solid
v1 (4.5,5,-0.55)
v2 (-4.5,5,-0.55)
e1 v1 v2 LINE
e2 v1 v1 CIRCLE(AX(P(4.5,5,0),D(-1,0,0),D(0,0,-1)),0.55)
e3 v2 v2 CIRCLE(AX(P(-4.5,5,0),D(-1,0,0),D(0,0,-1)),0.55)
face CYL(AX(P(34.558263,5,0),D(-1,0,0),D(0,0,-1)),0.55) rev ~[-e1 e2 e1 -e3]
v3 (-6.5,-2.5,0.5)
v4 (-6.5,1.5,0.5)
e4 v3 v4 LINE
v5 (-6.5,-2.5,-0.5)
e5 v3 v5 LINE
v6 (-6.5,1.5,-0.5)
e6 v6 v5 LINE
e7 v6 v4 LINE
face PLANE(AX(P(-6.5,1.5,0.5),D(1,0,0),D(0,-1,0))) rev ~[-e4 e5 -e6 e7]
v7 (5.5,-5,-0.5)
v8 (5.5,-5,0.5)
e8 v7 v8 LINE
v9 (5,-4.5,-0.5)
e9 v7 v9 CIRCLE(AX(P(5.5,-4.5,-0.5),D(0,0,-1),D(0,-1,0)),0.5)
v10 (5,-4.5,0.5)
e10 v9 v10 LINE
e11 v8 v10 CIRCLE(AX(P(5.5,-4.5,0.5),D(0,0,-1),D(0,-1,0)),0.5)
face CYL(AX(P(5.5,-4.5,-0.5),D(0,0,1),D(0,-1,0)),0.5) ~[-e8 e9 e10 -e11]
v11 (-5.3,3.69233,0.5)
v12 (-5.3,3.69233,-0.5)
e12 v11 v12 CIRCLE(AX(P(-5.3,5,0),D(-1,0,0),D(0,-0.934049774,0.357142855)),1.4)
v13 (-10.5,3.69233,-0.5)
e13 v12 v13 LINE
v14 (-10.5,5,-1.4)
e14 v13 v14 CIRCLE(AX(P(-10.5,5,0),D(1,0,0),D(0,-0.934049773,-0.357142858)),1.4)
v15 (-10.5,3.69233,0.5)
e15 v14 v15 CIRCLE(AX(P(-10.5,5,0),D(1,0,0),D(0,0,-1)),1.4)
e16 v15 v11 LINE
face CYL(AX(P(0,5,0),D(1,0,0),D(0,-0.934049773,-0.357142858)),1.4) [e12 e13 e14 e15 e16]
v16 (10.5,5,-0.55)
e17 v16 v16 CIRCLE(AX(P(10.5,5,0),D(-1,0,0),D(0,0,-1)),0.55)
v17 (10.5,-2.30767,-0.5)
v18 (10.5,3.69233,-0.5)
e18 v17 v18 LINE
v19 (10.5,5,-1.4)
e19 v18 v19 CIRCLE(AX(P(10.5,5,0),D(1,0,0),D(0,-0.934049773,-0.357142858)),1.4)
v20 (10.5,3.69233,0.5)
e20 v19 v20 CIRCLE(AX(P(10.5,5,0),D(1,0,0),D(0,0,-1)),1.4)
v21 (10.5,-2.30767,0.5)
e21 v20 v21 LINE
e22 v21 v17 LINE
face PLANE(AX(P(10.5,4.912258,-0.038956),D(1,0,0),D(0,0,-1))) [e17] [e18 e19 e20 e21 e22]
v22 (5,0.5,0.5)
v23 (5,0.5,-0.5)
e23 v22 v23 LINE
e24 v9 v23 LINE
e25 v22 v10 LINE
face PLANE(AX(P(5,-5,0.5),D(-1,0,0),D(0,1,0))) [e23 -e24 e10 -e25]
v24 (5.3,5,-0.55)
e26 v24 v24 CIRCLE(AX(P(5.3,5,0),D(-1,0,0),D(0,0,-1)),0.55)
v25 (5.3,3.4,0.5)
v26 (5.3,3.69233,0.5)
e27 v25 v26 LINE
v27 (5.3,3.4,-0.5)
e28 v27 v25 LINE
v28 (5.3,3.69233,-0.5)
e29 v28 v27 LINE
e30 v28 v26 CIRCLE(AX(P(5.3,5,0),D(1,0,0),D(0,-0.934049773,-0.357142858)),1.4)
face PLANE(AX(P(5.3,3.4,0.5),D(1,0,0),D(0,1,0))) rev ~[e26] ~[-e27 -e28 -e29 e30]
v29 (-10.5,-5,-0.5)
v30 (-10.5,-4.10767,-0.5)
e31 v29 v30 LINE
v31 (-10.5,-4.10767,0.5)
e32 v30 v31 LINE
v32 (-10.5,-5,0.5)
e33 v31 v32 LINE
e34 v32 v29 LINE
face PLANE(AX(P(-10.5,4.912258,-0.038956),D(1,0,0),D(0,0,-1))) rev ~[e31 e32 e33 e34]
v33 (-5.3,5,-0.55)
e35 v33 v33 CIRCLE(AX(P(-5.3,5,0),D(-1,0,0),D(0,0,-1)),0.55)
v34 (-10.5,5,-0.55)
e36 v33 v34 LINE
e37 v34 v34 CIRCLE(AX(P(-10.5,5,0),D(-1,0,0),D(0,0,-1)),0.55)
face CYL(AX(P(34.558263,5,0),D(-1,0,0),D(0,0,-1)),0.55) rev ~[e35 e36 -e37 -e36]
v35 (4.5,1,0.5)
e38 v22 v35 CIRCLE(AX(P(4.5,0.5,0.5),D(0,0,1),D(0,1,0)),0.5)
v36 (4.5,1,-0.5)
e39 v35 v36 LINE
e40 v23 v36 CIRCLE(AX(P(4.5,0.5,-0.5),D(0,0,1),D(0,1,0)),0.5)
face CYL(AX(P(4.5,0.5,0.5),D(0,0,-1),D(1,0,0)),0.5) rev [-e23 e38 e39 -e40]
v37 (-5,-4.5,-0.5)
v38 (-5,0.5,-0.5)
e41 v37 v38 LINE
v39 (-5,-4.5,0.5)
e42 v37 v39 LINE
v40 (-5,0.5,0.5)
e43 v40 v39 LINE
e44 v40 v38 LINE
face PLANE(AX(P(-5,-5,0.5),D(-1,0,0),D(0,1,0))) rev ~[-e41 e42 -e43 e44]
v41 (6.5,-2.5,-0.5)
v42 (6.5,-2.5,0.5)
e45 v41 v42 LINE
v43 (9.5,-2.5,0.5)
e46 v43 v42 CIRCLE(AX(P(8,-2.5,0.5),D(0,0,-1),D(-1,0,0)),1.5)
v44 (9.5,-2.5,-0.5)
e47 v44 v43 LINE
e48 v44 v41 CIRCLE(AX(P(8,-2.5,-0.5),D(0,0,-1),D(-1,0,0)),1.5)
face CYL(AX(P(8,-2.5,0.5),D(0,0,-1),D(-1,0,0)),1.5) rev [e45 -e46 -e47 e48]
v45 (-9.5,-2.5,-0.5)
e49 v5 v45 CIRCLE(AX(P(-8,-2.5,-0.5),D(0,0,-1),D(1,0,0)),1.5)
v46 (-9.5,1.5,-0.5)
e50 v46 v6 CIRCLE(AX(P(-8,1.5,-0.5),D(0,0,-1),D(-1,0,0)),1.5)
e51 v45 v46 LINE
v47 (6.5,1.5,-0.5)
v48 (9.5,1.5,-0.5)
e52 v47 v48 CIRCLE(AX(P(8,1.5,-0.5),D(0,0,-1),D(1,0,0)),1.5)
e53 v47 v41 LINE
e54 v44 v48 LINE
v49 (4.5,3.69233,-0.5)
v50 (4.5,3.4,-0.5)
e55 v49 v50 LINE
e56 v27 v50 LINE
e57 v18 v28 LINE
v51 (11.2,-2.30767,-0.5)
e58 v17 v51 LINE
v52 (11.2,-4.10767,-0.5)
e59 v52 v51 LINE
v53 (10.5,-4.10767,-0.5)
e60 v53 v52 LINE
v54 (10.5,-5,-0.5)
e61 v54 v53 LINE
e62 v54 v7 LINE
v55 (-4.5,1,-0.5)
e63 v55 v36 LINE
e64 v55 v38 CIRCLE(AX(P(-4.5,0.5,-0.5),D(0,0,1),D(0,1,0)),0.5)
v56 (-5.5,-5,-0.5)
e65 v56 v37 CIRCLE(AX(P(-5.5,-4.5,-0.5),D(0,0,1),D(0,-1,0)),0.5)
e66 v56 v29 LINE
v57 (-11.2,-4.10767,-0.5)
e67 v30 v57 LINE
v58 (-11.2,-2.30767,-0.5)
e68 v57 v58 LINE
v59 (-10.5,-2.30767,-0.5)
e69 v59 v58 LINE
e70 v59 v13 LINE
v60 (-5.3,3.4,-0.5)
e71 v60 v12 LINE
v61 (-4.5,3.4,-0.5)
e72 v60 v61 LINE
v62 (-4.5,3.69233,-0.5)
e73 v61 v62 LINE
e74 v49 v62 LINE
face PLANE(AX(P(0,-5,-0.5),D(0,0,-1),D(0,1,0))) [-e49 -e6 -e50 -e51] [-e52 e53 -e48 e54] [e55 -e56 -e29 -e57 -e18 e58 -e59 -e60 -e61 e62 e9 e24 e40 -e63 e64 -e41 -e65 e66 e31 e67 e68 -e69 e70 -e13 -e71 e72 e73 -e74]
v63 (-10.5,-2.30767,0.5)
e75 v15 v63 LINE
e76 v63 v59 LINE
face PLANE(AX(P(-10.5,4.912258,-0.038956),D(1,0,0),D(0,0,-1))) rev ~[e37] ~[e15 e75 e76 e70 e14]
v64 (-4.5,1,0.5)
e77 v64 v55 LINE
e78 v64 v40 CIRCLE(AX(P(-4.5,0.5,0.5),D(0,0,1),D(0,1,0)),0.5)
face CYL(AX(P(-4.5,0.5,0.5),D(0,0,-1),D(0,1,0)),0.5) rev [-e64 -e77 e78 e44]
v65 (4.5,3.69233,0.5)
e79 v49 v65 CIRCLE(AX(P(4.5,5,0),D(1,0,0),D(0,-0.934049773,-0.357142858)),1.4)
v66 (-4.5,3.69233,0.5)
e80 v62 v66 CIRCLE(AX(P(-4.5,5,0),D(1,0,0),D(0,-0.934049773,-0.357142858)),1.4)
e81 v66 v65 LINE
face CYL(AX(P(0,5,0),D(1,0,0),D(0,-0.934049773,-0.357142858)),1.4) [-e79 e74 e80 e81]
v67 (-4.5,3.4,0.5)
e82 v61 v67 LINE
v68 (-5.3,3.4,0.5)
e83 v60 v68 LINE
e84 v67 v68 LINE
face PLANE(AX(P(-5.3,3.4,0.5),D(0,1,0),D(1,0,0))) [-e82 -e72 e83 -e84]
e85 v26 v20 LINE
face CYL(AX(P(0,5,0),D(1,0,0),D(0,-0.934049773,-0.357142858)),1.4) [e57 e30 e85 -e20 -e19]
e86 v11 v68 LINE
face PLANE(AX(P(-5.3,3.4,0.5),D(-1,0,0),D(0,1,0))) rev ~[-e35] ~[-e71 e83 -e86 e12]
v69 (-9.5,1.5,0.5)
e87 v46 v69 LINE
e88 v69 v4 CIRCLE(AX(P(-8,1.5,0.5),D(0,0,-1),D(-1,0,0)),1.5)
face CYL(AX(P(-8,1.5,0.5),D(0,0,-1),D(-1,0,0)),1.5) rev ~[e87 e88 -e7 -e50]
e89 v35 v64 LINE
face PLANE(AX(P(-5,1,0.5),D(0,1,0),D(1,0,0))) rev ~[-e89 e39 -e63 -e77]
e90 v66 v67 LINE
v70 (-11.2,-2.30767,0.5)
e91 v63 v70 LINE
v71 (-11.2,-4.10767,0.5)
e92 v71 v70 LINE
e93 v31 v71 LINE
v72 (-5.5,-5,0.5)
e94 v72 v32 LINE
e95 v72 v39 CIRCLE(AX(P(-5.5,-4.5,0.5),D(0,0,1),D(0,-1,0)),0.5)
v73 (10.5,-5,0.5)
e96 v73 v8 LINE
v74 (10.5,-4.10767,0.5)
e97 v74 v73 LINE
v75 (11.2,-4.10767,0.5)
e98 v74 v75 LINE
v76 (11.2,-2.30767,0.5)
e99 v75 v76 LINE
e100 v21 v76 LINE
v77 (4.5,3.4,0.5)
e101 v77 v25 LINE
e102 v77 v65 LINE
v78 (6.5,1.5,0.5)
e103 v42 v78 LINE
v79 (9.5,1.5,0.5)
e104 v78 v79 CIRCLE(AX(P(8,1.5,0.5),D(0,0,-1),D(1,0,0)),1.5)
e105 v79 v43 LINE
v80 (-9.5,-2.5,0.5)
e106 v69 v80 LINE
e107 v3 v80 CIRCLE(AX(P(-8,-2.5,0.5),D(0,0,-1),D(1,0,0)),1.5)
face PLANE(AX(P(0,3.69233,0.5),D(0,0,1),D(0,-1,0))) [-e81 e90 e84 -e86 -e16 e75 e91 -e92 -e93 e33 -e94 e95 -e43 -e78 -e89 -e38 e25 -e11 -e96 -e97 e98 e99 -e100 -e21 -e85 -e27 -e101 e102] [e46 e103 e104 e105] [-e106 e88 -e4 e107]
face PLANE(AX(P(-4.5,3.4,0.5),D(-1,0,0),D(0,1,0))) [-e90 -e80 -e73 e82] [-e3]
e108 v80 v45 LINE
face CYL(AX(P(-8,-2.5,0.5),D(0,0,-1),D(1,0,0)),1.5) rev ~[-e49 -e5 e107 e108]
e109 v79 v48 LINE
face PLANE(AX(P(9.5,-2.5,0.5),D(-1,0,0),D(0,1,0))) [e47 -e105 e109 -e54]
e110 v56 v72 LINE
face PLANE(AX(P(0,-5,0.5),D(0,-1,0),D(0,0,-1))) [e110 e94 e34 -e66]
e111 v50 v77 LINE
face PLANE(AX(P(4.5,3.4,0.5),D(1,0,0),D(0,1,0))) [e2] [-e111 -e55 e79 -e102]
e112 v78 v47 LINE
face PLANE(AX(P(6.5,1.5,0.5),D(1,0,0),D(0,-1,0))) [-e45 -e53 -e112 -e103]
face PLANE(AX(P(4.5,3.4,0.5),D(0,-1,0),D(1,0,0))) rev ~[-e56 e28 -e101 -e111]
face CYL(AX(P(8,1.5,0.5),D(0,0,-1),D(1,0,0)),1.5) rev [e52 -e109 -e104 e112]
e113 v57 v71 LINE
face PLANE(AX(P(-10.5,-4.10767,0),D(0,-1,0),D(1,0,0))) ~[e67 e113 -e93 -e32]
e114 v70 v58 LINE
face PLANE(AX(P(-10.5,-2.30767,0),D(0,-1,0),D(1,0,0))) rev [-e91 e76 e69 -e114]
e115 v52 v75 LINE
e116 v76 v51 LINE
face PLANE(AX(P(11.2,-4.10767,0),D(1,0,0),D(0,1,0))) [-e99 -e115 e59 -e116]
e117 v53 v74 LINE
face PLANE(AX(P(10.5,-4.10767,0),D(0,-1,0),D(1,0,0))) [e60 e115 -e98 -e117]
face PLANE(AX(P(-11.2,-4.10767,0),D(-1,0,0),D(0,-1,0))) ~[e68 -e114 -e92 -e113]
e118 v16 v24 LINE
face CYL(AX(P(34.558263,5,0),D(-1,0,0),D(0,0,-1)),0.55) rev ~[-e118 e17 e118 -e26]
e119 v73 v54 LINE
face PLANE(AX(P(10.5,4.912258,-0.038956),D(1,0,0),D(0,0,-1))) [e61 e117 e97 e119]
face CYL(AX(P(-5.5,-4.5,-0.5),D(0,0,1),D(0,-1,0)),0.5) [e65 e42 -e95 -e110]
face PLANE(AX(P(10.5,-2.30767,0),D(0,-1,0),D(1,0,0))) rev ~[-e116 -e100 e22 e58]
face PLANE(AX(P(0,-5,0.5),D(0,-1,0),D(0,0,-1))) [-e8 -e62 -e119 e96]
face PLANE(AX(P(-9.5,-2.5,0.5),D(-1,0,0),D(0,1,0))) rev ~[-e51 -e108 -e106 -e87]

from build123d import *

# Parameters (mm, degrees)
BOSS_EXTRUDE1_DEPTH     = 10.5
SKETCH2_W               = 10
SKETCH2_H               = 6
SKETCH2_W_2             = 0.8
SKETCH2_H_2             = 3
CUT_EXTRUDE1_DEPTH      = 10.5
M1_4X0_3_TAPPED_HOLE1_D = 1.1
SKETCH4_W               = 0.7
SKETCH4_H               = 1.8
BOSS_EXTRUDE2_DEPTH     = 0.5
FILLET1_R               = 0.5


with BuildPart() as part:
    # Sketch1 → Boss-Extrude1 (new, symmetric)
    with BuildSketch(Plane(origin=(0, 0, 0), x_dir=(0, 0, -1), z_dir=(1, 0, 0))):
        with BuildLine():
            Line((-0.5, 3.692330317), (-0.5, 5))
            Line((-0.5, 5), (0.5, 5))
            Line((0.5, 5), (0.5, 3.692330317))
            ThreePointArc((0.5, 3.692330317), (1.153256259, 4.206274607), (1.4, 5))
            ThreePointArc((1.4, 5), (-0.793725393, 6.153256259), (-0.5, 3.692330317))
        make_face()
        with BuildLine():
            Line((0.5, 5), (-0.5, 5))
            Line((-0.5, 5), (-0.5, 3.692330317))
            ThreePointArc((-0.5, 3.692330317), (0, 3.6), (0.5, 3.692330317))
            Line((0.5, 3.692330317), (0.5, 5))
        make_face()
        with BuildLine():
            ThreePointArc((0.5, 3.692330317), (0, 3.6), (-0.5, 3.692330317))
            Line((-0.5, 3.692330317), (-0.5, -5))
            Line((-0.5, -5), (0.5, -5))
            Line((0.5, -5), (0.5, 3.692330317))
        make_face()
    extrude(amount=BOSS_EXTRUDE1_DEPTH, both=True)

    # Sketch2 → Cut-Extrude1 (cut, symmetric)
    with BuildSketch(Plane.XY.offset(0.5)):
        with Locations((0, -2)):
            Rectangle(SKETCH2_W, SKETCH2_H)
        with Locations((-4.9, 4.9)):
            Rectangle(SKETCH2_W_2, SKETCH2_H_2)
        with BuildLine():
            Line((-6.5, 1.5), (-6.5, -2.5))
            ThreePointArc((-6.5, -2.5), (-8, -4), (-9.5, -2.5))
            Line((-9.5, -2.5), (-9.5, 1.5))
            ThreePointArc((-9.5, 1.5), (-8, 3), (-6.5, 1.5))
        make_face()
        with BuildLine():
            Line((6.5, 1.5), (6.5, -2.5))
            ThreePointArc((6.5, -2.5), (8, -4), (9.5, -2.5))
            Line((9.5, -2.5), (9.5, 1.5))
            ThreePointArc((9.5, 1.5), (8, 3), (6.5, 1.5))
        make_face()
        with Locations((4.9, 4.9)):
            Rectangle(SKETCH2_W_2, SKETCH2_H_2)
    extrude(amount=CUT_EXTRUDE1_DEPTH, both=True, mode=Mode.SUBTRACT)

    # M1.4x0.3 Tapped Hole1 (through all)
    with Locations(Plane(origin=(10.5, 5, 0), x_dir=(0, 0, 1), z_dir=(1, 0, 0))):
        with Locations((0, 0)):
            Hole(M1_4X0_3_TAPPED_HOLE1_D / 2)

    # Sketch4 → Boss-Extrude2 (add, symmetric)
    with BuildSketch(Plane.XY):
        with Locations((10.85, -3.207669683)):
            Rectangle(SKETCH4_W, SKETCH4_H)
    boss_extrude2 = extrude(amount=BOSS_EXTRUDE2_DEPTH, both=True)

    # Mirror1: Boss-Extrude2 across plane
    add(boss_extrude2.mirror(Plane(origin=(0, 0, 0), x_dir=(0, 0, 1), z_dir=(1, 0, 0))))

    # Fillet1
    fillet1_edges = [part.edges().sort_by_distance(p)[0] for p in [
        (-5, -5, 0),
        (-5, 1, 0),
        (5, 1, 0),
        (5, -5, 0),
    ]]
    fillet(fillet1_edges, radius=FILLET1_R)


solid = part.part
